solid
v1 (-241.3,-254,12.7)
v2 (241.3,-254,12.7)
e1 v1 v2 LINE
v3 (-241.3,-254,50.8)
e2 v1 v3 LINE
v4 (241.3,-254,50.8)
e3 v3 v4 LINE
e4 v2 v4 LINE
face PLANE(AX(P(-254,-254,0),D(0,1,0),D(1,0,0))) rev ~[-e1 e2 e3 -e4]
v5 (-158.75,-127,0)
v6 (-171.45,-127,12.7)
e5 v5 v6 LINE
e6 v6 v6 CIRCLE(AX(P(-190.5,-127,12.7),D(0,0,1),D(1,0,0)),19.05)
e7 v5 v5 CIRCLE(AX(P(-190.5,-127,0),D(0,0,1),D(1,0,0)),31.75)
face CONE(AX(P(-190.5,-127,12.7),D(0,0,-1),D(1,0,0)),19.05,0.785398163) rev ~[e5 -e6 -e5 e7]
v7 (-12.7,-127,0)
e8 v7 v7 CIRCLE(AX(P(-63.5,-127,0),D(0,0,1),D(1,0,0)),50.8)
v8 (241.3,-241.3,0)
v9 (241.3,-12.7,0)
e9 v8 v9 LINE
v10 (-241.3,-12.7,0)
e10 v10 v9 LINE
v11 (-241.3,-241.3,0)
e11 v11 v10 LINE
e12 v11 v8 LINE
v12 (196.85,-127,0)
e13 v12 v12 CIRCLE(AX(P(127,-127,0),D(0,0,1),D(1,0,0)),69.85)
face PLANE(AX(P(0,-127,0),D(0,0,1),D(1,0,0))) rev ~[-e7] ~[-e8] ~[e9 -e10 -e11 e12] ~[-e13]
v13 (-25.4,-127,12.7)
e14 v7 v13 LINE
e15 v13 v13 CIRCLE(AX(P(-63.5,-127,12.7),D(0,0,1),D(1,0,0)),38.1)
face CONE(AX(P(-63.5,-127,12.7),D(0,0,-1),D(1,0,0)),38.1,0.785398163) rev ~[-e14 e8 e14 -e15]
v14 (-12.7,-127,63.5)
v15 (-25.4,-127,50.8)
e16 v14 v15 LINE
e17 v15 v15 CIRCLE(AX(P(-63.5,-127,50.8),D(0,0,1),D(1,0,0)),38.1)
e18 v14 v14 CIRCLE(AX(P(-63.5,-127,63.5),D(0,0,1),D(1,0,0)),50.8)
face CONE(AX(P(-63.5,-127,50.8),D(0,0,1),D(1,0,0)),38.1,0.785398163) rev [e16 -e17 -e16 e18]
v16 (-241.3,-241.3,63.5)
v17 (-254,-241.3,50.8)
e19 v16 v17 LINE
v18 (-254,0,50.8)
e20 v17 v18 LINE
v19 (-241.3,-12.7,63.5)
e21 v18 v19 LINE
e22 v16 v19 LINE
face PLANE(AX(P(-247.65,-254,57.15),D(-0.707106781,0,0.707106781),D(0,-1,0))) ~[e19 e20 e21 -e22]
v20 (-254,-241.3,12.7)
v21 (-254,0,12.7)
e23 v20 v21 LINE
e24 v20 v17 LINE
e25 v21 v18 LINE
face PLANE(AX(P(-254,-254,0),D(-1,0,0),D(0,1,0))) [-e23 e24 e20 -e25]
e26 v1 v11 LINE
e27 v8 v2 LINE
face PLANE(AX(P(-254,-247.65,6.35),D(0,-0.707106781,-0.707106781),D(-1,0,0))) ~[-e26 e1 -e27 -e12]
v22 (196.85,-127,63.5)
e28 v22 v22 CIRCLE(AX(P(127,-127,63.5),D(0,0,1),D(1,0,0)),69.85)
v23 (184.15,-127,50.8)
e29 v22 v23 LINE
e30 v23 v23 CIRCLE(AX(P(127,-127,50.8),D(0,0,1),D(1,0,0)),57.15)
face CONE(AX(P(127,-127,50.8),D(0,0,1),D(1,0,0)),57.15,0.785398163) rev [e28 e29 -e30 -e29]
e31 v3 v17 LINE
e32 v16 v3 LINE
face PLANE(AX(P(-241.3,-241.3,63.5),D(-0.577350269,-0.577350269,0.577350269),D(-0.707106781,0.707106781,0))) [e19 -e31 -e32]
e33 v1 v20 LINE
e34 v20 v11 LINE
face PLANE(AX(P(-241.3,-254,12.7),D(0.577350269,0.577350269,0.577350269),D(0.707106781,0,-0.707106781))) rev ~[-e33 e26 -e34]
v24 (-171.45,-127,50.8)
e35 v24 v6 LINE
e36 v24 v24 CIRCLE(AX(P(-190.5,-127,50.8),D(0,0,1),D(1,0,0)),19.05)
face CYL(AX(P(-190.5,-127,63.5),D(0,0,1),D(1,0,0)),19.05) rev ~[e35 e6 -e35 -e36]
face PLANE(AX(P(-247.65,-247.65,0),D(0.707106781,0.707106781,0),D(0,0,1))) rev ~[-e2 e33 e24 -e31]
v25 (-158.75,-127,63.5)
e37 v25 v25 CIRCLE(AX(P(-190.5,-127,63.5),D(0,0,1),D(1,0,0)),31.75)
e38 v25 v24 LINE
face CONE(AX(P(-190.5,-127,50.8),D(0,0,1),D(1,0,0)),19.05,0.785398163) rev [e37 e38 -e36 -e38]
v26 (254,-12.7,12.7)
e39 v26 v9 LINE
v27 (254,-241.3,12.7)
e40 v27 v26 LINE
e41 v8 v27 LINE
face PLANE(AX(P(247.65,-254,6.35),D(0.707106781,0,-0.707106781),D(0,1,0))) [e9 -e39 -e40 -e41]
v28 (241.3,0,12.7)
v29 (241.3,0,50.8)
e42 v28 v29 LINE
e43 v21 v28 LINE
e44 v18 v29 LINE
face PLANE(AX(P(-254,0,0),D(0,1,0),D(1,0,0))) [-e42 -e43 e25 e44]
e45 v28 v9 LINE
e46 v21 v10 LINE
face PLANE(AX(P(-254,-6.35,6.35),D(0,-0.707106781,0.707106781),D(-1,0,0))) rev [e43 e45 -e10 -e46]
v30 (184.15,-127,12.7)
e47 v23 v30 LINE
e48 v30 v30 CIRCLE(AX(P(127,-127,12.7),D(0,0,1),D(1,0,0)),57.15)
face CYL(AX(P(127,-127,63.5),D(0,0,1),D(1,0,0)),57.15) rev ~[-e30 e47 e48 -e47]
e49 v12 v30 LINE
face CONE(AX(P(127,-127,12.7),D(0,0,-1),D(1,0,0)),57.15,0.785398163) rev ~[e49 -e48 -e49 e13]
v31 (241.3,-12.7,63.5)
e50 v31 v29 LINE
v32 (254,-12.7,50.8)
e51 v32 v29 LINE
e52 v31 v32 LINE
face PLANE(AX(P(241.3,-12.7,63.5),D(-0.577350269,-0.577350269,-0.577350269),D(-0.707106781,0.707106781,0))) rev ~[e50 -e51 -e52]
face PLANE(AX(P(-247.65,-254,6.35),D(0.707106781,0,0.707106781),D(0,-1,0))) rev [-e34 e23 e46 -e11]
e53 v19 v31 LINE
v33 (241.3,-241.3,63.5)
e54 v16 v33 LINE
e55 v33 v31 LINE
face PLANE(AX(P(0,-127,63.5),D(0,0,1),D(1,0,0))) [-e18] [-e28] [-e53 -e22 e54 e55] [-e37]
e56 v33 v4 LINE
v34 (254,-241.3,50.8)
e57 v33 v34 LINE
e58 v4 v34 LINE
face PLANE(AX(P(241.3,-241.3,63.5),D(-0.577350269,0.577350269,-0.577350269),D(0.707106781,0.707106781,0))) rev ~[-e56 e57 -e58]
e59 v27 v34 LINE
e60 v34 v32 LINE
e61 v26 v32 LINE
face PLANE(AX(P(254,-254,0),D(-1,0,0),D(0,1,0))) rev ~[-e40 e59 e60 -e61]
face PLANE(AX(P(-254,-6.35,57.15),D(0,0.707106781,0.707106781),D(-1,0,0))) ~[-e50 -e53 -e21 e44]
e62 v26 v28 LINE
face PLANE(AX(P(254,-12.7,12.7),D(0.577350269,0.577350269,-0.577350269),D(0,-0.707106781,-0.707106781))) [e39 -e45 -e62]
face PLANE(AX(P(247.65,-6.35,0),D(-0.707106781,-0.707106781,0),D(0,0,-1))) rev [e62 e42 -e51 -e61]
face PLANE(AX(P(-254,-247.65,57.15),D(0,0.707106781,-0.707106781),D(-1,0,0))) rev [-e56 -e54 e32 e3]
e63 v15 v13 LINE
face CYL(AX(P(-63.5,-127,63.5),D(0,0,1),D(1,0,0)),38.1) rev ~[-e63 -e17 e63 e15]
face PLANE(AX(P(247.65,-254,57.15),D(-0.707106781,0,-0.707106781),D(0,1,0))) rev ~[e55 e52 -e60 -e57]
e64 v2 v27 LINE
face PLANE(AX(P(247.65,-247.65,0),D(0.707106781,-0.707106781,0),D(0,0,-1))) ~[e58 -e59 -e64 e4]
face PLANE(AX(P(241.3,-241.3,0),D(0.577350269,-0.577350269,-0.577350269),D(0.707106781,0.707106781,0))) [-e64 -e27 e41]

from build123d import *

# Parameters (mm, degrees)
F1_W          = 508
F1_H          = 254
F2_DEPTH      = 63.5
F4_R          = 38.1
F5_DEPTH      = 127
F5_DEPTH_BACK = 127
F6_R          = 57.15
F7_DEPTH      = 127
F7_DEPTH_BACK = 127
F3_R          = 19.05
F8_DEPTH      = 127
F9_SIZE2      = 12.7
F9_SIZE       = 12.7


with BuildPart() as f2:
    # F1 (on face) → F2 (new body)
    with BuildSketch(Plane.XY):
        with Locations((0, -127)):
            Rectangle(F1_W, F1_H)
    extrude(amount=F2_DEPTH)

    # F4 (on face) → F5 (cut, two sides)
    with BuildSketch(Plane.XY.offset(63.5)) as f5_sk:
        with Locations((-63.5, -127)):
            Circle(F4_R)
    extrude(amount=F5_DEPTH, mode=Mode.SUBTRACT)
    extrude(f5_sk.sketch, amount=-F5_DEPTH_BACK, mode=Mode.SUBTRACT)

    # F6 (on face) → F7 (cut, two sides)
    with BuildSketch(Plane.XY.offset(63.5)) as f7_sk:
        with Locations((127, -127)):
            Circle(F6_R)
    extrude(amount=F7_DEPTH, mode=Mode.SUBTRACT)
    extrude(f7_sk.sketch, amount=-F7_DEPTH_BACK, mode=Mode.SUBTRACT)

    # F3 (on face) → F8 (cut)
    with BuildSketch(Plane.XY.offset(63.5)):
        with Locations((-190.5, -127)):
            Circle(F3_R)
    extrude(amount=-F8_DEPTH, mode=Mode.SUBTRACT)

    # F9
    f9_edges = [f2.edges().sort_by_distance(p)[0] for p in [
        (-254, -127, 0),
        (0, 0, 0),
        (-254, -254, 31.75),
        (254, -254, 31.75),
        (0, -254, 0),
        (0, -254, 63.5),
        (254, 0, 31.75),
        (254, -127, 0),
        (254, -127, 63.5),
        (0, 0, 63.5),
        (-254, -127, 63.5),
        (-209.55, -127, 63.5),
        (-101.6, -127, 63.5),
        (69.85, -127, 63.5),
        (-209.55, -127, 0),
        (-101.6, -127, 0),
        (69.85, -127, 0),
    ]]
    chamfer(f9_edges, length=F9_SIZE, length2=F9_SIZE2)


solid = f2.part
